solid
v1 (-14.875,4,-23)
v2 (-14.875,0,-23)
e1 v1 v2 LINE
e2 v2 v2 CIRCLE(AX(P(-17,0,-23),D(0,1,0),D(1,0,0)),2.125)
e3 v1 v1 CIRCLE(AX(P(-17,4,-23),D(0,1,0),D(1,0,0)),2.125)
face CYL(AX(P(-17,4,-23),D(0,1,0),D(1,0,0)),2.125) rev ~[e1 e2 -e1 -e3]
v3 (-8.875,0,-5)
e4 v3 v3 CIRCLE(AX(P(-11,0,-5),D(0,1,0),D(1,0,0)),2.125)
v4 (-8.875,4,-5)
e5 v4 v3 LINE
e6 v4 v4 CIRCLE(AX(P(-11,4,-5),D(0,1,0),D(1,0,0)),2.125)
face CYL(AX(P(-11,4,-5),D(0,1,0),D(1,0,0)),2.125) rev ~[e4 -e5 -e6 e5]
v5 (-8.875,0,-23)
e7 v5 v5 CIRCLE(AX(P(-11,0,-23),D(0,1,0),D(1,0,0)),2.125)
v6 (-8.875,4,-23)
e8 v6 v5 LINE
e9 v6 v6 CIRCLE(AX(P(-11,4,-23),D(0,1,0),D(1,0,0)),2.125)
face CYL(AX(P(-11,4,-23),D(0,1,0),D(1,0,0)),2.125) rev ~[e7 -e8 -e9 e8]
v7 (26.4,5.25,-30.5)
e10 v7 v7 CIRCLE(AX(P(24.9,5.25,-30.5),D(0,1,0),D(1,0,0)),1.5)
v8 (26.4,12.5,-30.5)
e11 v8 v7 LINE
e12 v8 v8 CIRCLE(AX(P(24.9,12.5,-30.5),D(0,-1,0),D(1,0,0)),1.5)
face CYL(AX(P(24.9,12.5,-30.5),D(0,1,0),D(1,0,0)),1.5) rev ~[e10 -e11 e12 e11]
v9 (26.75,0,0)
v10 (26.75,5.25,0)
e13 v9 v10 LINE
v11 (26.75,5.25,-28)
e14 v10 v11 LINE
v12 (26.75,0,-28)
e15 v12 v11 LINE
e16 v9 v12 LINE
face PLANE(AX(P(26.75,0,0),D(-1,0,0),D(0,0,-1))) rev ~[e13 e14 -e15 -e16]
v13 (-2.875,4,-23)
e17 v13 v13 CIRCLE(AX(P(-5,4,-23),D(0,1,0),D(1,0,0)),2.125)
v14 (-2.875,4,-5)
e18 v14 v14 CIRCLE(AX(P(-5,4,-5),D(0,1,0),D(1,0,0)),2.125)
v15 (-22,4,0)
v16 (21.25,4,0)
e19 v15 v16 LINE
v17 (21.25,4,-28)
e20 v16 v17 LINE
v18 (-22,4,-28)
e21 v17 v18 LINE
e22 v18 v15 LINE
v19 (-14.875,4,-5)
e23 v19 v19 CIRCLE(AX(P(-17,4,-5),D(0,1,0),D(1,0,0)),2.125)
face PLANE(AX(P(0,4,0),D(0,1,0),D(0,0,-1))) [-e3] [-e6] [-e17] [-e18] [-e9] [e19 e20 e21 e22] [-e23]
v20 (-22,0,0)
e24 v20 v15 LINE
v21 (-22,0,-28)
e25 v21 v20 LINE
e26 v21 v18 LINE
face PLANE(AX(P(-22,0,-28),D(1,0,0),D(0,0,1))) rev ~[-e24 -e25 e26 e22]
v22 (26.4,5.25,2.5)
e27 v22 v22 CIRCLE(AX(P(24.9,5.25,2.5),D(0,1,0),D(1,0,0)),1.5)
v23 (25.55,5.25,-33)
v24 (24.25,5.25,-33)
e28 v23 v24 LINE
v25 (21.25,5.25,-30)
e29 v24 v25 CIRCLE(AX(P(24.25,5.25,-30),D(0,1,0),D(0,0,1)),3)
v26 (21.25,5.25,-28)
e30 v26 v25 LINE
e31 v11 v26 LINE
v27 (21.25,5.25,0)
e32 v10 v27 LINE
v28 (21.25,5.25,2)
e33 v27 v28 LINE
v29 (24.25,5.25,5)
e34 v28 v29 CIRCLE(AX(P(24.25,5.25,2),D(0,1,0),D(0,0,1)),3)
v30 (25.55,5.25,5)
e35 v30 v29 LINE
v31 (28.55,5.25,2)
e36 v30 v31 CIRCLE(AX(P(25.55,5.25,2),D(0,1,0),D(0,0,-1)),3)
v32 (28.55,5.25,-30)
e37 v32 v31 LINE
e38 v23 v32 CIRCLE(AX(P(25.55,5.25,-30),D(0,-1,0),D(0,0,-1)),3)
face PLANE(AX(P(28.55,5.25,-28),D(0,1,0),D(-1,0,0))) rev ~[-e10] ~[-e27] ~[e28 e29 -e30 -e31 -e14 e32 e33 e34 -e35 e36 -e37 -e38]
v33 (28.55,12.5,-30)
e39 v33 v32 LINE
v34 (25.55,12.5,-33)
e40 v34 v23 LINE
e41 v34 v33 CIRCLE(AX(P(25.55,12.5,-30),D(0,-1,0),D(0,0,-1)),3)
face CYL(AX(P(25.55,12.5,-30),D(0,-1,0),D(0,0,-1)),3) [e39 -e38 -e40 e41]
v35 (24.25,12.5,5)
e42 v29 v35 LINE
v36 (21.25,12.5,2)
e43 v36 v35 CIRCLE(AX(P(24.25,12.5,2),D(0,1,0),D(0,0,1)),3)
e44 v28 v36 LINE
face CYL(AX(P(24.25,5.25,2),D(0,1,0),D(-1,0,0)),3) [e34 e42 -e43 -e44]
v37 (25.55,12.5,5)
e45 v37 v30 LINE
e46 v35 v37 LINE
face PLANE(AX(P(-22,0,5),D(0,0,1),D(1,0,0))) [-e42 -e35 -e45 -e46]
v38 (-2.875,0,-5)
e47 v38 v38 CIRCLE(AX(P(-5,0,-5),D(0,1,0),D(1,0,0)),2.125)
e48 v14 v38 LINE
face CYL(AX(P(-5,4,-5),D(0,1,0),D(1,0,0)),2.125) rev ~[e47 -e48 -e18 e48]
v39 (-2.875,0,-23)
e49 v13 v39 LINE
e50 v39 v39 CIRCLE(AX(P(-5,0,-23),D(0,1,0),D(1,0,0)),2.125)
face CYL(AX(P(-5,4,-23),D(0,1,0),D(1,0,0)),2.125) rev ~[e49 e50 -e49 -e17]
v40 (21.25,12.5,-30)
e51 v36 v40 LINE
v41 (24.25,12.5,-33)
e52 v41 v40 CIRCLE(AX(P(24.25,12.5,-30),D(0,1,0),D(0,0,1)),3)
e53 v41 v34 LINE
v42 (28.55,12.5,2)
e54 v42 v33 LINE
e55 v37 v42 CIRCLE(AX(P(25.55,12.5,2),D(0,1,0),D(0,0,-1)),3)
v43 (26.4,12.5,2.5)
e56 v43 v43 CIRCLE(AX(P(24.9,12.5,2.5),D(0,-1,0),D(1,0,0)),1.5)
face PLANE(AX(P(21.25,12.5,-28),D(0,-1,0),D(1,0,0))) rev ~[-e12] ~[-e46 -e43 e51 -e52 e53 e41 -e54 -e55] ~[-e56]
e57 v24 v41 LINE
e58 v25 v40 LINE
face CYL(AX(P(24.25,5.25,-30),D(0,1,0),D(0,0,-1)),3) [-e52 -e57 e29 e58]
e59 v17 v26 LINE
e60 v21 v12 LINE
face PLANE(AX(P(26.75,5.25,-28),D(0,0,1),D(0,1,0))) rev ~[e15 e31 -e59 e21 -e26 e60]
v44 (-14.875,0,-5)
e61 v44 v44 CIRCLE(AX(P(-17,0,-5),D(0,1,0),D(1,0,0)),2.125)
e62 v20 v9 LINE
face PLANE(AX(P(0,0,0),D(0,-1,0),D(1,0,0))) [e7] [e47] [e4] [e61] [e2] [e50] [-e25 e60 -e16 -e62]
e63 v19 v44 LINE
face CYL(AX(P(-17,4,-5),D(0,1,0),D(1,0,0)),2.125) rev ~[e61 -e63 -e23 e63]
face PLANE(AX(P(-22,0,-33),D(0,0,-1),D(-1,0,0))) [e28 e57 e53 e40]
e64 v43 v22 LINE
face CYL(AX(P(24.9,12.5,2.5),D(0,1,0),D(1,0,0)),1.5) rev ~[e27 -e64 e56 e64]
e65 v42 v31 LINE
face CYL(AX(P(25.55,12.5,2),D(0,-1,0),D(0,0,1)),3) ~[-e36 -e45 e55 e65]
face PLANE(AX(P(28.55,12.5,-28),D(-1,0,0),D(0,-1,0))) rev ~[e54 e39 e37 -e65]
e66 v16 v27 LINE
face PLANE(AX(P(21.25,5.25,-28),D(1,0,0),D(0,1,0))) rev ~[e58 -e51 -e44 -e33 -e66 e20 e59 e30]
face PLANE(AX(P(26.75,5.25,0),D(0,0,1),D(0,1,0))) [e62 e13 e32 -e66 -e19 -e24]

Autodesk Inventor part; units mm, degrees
ref_plane "YZ Plane" through (0, 0, 0) normal (1, 0, 0) x (0, 1, 0)
ref_plane "XZ Plane" through (0, 0, 0) normal (0, 1, 0) x (-1, 0, 0)
ref_plane "XY Plane" through (0, 0, 0) normal (0, 0, 1) x (1, 0, 0)
sketch "Sketch2" plane through (0, 0, 0) normal (0, 1, 0) x (-1, 0, 0)
  line L0 (0, 0) -> (0, -28)
  line L1 (0, -28) -> (22, -28)
  line L2 (22, -28) -> (22, 0)
  line L3 (22, 0) -> (0, 0)
  dimension "d0" = 28
  dimension "d1" = 22
extrude "Extrusion1" add sketch "Sketch2" along normal blind 4
sketch "Sketch3" plane through (0, 4, 0) normal (0, 1, 0) x (1, 0, 0)
  line L0 (0, 0) -> (0, 5)
  line L1 (0, 0) -> (0, 28) projected
  line L2 (0, 5) -> (-5, 5)
  circle A0 centre (-5, 5) radius 2.125
  dimension "d4" = 5
  dimension "d5" = 5
  dimension "d6" = 4.25
extrude "Extrusion2" cut sketch "Sketch3" against normal through all
pattern_linear "Rectangular Pattern1" count 2 spacing 18 along (0, 0, -1) count 3 spacing 6 along (-1, 0, 0) of "Extrusion2"
sketch "Sketch4" plane through (0, 4, 0) normal (0, 1, 0) x (1, 0, 0)
  point P0 (0, 0)
sketch "Sketch5" plane through (0, 0, 0) normal (1, 0, 0) x (0, 0, -1)
  line L0 (0, 4) -> (28, 4)
  line L1 (28, 4) -> (28, 0)
  line L2 (28, 0) -> (0, 0)
  line L3 (0, 0) -> (0, 4)
  line L4 (0, 4) -> (28, 4) projected
extrude "Extrusion3" add sketch "Sketch5" along normal blind 21.25
sketch "Sketch6" plane through (0, 0, 0) normal (0, -1, 0) x (1, 0, 0)
  line L0 (21.25, 0) -> (26.75, 0)
  line L1 (26.75, 0) -> (26.75, -28)
  line L2 (26.75, -28) -> (21.25, -28)
  line L3 (21.25, -28) -> (21.25, 0)
  point P0 (0, 0)
  dimension "d17" = 5.5
extrude "Extrusion4" add sketch "Sketch6" against normal blind 12.5
sketch "Sketch7" plane through (26.75, 0, 0) normal (1, 0, 0) x (0, 0, -1)
  line L0 (0, 4) -> (0, 12.5) projected
  line L1 (28, 12.5) -> (0, 12.5)
  line L2 (0, 12.5) -> (0, 5.25)
  line L3 (0, 5.25) -> (28, 5.25)
  line L4 (28, 5.25) -> (28, 12.5)
  point P0 (0, 0)
  dimension "d20" = 7.25
extrude "Extrusion5" add sketch "Sketch7" along normal blind 1.8
sketch "Sketch8" plane through (-22, 0, 0) normal (0, 0, 1) x (1, 0, 0)
  line L0 (50.55, 5.25) -> (43.25, 5.25)
  line L1 (43.25, 5.25) -> (43.25, 12.5)
  line L2 (43.25, 12.5) -> (50.55, 12.5)
  line L3 (50.55, 12.5) -> (50.55, 5.25)
  point P0 (22, 0)
extrude "Extrusion6" add sketch "Sketch8" along normal blind 5
fillet "Fillet1" radius 3 1 edges at (21.25, 8.875, 5)
fillet "Fillet2" radius 3 1 edges at (28.55, 8.875, 5)
sketch "Sketch9" plane through (-22, 0, -28) normal (0, 0, -1) x (-1, 0, 0)
  line L0 (-43.25, 12.5) -> (-50.55, 12.5)
  line L1 (-50.55, 12.5) -> (-50.55, 5.25)
  line L2 (-50.55, 5.25) -> (-43.25, 5.25)
  line L3 (-43.25, 5.25) -> (-43.25, 12.5)
  point P0 (-22, 0)
extrude "Extrusion7" add sketch "Sketch9" along normal blind 5
fillet "Fillet3" radius 3 1 edges at (28.55, 8.875, -33)
fillet "Fillet4" radius 3 1 edges at (21.25, 8.875, -33)
sketch "Sketch10" plane through (0, 12.5, 0) normal (0, 1, 0) x (1, 0, 0)
  line L0 (21.25, 28) -> (28.55, 28)
  line L1 (28.55, 30) -> (28.55, -2) projected
  line L2 (21.25, 28) -> (26.75, 28) projected
  line L3 (21.25, 0) -> (28.55, 0)
  line L4 (26.75, 0) -> (21.25, 0) projected
  line L5 (25.55, 33) -> (24.25, 33) projected
  line L6 (24.9, 33) -> (24.9, 28)
  line L7 (24.25, -5) -> (25.55, -5) projected
  line L8 (24.9, -5) -> (24.9, 0)
  circle A0 centre (24.9, 30.5) radius 1.5
  circle A1 centre (24.9, -2.5) radius 1.5
  point P0 (0, 0)
  dimension "d31" = 3
  dimension "d32" = 3
extrude "Extrusion8" cut sketch "Sketch10" against normal through all
properties part number "CartServoMount"
